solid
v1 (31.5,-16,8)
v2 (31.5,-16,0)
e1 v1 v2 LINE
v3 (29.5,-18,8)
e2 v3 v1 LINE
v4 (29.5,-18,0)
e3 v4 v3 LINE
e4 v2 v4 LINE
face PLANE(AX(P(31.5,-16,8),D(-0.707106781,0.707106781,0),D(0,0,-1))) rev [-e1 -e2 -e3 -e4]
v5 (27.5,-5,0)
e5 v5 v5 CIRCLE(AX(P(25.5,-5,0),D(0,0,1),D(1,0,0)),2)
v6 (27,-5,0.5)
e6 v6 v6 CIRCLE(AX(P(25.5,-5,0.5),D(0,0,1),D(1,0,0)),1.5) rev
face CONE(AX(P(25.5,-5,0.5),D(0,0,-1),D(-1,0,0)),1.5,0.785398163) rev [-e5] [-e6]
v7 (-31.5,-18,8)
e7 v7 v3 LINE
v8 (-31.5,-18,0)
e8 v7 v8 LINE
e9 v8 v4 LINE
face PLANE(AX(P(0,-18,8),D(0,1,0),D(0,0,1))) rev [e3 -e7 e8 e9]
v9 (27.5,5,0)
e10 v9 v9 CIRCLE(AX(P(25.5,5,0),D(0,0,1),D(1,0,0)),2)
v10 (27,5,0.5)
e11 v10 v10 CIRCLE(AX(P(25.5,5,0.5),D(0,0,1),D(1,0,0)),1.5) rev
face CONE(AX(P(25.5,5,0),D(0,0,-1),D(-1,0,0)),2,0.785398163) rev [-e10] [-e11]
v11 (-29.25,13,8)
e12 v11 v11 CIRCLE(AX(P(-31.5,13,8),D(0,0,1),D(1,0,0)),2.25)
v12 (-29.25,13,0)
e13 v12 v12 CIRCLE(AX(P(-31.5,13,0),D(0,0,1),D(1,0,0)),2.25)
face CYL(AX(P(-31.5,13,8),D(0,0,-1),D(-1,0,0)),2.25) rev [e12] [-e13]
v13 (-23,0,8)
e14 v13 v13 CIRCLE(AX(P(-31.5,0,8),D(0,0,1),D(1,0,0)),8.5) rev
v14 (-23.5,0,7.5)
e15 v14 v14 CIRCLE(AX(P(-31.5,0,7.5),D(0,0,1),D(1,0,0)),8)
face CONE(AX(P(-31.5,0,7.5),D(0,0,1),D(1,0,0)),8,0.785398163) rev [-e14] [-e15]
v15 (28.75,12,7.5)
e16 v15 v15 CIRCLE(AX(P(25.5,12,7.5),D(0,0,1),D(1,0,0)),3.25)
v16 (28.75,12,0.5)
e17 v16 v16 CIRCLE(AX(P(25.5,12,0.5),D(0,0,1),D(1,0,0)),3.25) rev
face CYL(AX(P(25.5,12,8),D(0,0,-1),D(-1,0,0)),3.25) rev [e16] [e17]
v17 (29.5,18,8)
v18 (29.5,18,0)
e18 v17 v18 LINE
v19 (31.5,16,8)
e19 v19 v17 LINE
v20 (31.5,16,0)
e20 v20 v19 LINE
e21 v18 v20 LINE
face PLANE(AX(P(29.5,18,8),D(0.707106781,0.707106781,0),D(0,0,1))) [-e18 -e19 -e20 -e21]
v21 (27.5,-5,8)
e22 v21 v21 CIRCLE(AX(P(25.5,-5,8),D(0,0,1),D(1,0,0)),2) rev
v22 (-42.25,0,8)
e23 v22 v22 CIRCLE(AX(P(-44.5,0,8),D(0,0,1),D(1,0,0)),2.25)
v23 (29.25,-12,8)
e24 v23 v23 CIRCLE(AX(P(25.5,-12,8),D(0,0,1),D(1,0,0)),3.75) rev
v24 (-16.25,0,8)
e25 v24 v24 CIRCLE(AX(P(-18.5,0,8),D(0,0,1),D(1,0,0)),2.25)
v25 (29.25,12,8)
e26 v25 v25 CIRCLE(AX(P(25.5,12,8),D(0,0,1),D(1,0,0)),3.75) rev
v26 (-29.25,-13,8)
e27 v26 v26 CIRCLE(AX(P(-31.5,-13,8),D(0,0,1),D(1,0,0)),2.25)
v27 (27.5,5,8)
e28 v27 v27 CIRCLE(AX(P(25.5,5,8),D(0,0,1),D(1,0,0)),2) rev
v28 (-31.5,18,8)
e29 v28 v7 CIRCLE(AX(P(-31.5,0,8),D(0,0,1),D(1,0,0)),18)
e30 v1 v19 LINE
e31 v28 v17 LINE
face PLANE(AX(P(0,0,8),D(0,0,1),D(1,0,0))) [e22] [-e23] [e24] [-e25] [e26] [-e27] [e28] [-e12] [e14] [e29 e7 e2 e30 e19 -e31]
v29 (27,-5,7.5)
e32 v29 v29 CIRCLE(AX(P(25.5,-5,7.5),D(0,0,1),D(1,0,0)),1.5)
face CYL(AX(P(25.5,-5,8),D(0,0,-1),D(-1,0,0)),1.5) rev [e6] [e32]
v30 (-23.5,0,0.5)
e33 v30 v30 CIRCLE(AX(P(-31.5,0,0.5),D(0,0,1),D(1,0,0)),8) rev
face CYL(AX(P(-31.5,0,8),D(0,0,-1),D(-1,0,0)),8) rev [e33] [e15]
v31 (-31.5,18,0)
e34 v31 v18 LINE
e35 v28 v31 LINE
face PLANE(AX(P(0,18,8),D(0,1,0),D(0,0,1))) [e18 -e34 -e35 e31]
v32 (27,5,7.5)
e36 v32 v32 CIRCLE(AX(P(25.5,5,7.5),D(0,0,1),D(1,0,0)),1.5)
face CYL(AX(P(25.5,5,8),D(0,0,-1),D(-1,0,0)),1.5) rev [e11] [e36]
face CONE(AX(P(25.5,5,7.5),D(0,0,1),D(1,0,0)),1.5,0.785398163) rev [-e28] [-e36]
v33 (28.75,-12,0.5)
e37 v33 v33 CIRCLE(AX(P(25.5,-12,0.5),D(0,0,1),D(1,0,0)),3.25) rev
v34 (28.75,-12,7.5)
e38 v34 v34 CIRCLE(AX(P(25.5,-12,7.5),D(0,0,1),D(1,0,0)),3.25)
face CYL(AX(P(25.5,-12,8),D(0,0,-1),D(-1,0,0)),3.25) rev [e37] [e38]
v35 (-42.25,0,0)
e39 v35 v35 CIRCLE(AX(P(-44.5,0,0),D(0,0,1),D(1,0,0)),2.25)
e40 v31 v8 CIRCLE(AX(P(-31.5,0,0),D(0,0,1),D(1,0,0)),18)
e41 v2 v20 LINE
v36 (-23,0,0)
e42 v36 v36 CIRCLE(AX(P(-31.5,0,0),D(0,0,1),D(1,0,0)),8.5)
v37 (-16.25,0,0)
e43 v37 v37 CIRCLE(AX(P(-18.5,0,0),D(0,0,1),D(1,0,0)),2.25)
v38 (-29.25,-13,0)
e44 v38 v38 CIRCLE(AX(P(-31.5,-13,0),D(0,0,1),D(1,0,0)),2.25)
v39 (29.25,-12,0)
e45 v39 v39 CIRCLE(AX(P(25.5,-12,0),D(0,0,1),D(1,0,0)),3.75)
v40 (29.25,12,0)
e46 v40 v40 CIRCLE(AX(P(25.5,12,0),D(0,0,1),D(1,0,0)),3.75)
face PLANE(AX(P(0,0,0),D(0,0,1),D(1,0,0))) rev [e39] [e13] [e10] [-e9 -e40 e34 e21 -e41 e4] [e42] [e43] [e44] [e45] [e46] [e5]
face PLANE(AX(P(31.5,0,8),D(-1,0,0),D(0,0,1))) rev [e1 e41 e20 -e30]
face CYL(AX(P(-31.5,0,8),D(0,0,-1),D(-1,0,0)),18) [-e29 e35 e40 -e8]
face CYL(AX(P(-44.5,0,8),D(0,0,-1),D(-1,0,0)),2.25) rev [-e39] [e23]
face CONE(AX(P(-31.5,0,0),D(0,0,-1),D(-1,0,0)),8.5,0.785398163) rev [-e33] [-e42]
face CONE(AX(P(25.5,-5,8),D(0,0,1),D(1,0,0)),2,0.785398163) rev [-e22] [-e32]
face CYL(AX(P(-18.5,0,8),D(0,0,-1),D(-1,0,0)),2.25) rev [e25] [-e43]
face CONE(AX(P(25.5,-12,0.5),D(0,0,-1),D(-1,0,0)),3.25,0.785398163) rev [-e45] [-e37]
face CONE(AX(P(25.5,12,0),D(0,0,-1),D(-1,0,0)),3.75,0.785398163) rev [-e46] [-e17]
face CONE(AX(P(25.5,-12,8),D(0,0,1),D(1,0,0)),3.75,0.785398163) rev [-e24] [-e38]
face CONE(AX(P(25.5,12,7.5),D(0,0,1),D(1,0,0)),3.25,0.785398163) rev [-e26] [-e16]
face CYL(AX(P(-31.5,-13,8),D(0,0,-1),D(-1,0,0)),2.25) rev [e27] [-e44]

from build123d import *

# Parameters (mm, degrees)
SKETCH1_R           = 8
SKETCH1_R_2         = 2.25
SKETCH1_R_3         = 3.25
SKETCH1_R_4         = 1.5
BOSS_EXTRUDE1_DEPTH = 8
CHAMFER2_SIZE       = 2
CHAMFER3_SIZE       = 0.5


with BuildPart() as part:
    # Sketch1 → Boss-Extrude1 (new body)
    with BuildSketch(Plane.XY):
        with BuildLine():
            Line((-31.5, -18), (31.5, -18))
            Line((31.5, -18), (31.5, 18))
            Line((31.5, 18), (-31.5, 18))
            ThreePointArc((-31.5, 18), (-49.5, 0), (-31.5, -18))
        make_face()
        with Locations((-31.5, 0)):
            Circle(SKETCH1_R, mode=Mode.SUBTRACT)
        with Locations((-31.5, 13)):
            Circle(SKETCH1_R_2, mode=Mode.SUBTRACT)
        with Locations((-18.5, 0)):
            Circle(SKETCH1_R_2, mode=Mode.SUBTRACT)
        with Locations((-31.5, -13)):
            Circle(SKETCH1_R_2, mode=Mode.SUBTRACT)
        with Locations((-44.5, 0)):
            Circle(SKETCH1_R_2, mode=Mode.SUBTRACT)
        with Locations((25.5, 12)):
            Circle(SKETCH1_R_3, mode=Mode.SUBTRACT)
        with Locations((25.5, 5)):
            Circle(SKETCH1_R_4, mode=Mode.SUBTRACT)
        with Locations((25.5, -5)):
            Circle(SKETCH1_R_4, mode=Mode.SUBTRACT)
        with Locations((25.5, -12)):
            Circle(SKETCH1_R_3, mode=Mode.SUBTRACT)
    extrude(amount=BOSS_EXTRUDE1_DEPTH)

    # Chamfer2
    chamfer2_edges = [part.edges().sort_by_distance(p)[0] for p in [
        (31.5, 18, 4),
        (31.5, -18, 4),
    ]]
    chamfer(chamfer2_edges, length=CHAMFER2_SIZE)

    # Chamfer3
    chamfer3_edges = [part.edges().sort_by_distance(p)[0] for p in [
        (-39.5, 0, 8),
        (22.25, -12, 0),
        (22.25, 12, 0),
        (24, 5, 0),
        (24, -5, 0),
        (-39.5, 0, 0),
        (24, -5, 8),
        (24, 5, 8),
        (22.25, 12, 8),
        (22.25, -12, 8),
    ]]
    chamfer(chamfer3_edges, length=CHAMFER3_SIZE)


solid = part.part
